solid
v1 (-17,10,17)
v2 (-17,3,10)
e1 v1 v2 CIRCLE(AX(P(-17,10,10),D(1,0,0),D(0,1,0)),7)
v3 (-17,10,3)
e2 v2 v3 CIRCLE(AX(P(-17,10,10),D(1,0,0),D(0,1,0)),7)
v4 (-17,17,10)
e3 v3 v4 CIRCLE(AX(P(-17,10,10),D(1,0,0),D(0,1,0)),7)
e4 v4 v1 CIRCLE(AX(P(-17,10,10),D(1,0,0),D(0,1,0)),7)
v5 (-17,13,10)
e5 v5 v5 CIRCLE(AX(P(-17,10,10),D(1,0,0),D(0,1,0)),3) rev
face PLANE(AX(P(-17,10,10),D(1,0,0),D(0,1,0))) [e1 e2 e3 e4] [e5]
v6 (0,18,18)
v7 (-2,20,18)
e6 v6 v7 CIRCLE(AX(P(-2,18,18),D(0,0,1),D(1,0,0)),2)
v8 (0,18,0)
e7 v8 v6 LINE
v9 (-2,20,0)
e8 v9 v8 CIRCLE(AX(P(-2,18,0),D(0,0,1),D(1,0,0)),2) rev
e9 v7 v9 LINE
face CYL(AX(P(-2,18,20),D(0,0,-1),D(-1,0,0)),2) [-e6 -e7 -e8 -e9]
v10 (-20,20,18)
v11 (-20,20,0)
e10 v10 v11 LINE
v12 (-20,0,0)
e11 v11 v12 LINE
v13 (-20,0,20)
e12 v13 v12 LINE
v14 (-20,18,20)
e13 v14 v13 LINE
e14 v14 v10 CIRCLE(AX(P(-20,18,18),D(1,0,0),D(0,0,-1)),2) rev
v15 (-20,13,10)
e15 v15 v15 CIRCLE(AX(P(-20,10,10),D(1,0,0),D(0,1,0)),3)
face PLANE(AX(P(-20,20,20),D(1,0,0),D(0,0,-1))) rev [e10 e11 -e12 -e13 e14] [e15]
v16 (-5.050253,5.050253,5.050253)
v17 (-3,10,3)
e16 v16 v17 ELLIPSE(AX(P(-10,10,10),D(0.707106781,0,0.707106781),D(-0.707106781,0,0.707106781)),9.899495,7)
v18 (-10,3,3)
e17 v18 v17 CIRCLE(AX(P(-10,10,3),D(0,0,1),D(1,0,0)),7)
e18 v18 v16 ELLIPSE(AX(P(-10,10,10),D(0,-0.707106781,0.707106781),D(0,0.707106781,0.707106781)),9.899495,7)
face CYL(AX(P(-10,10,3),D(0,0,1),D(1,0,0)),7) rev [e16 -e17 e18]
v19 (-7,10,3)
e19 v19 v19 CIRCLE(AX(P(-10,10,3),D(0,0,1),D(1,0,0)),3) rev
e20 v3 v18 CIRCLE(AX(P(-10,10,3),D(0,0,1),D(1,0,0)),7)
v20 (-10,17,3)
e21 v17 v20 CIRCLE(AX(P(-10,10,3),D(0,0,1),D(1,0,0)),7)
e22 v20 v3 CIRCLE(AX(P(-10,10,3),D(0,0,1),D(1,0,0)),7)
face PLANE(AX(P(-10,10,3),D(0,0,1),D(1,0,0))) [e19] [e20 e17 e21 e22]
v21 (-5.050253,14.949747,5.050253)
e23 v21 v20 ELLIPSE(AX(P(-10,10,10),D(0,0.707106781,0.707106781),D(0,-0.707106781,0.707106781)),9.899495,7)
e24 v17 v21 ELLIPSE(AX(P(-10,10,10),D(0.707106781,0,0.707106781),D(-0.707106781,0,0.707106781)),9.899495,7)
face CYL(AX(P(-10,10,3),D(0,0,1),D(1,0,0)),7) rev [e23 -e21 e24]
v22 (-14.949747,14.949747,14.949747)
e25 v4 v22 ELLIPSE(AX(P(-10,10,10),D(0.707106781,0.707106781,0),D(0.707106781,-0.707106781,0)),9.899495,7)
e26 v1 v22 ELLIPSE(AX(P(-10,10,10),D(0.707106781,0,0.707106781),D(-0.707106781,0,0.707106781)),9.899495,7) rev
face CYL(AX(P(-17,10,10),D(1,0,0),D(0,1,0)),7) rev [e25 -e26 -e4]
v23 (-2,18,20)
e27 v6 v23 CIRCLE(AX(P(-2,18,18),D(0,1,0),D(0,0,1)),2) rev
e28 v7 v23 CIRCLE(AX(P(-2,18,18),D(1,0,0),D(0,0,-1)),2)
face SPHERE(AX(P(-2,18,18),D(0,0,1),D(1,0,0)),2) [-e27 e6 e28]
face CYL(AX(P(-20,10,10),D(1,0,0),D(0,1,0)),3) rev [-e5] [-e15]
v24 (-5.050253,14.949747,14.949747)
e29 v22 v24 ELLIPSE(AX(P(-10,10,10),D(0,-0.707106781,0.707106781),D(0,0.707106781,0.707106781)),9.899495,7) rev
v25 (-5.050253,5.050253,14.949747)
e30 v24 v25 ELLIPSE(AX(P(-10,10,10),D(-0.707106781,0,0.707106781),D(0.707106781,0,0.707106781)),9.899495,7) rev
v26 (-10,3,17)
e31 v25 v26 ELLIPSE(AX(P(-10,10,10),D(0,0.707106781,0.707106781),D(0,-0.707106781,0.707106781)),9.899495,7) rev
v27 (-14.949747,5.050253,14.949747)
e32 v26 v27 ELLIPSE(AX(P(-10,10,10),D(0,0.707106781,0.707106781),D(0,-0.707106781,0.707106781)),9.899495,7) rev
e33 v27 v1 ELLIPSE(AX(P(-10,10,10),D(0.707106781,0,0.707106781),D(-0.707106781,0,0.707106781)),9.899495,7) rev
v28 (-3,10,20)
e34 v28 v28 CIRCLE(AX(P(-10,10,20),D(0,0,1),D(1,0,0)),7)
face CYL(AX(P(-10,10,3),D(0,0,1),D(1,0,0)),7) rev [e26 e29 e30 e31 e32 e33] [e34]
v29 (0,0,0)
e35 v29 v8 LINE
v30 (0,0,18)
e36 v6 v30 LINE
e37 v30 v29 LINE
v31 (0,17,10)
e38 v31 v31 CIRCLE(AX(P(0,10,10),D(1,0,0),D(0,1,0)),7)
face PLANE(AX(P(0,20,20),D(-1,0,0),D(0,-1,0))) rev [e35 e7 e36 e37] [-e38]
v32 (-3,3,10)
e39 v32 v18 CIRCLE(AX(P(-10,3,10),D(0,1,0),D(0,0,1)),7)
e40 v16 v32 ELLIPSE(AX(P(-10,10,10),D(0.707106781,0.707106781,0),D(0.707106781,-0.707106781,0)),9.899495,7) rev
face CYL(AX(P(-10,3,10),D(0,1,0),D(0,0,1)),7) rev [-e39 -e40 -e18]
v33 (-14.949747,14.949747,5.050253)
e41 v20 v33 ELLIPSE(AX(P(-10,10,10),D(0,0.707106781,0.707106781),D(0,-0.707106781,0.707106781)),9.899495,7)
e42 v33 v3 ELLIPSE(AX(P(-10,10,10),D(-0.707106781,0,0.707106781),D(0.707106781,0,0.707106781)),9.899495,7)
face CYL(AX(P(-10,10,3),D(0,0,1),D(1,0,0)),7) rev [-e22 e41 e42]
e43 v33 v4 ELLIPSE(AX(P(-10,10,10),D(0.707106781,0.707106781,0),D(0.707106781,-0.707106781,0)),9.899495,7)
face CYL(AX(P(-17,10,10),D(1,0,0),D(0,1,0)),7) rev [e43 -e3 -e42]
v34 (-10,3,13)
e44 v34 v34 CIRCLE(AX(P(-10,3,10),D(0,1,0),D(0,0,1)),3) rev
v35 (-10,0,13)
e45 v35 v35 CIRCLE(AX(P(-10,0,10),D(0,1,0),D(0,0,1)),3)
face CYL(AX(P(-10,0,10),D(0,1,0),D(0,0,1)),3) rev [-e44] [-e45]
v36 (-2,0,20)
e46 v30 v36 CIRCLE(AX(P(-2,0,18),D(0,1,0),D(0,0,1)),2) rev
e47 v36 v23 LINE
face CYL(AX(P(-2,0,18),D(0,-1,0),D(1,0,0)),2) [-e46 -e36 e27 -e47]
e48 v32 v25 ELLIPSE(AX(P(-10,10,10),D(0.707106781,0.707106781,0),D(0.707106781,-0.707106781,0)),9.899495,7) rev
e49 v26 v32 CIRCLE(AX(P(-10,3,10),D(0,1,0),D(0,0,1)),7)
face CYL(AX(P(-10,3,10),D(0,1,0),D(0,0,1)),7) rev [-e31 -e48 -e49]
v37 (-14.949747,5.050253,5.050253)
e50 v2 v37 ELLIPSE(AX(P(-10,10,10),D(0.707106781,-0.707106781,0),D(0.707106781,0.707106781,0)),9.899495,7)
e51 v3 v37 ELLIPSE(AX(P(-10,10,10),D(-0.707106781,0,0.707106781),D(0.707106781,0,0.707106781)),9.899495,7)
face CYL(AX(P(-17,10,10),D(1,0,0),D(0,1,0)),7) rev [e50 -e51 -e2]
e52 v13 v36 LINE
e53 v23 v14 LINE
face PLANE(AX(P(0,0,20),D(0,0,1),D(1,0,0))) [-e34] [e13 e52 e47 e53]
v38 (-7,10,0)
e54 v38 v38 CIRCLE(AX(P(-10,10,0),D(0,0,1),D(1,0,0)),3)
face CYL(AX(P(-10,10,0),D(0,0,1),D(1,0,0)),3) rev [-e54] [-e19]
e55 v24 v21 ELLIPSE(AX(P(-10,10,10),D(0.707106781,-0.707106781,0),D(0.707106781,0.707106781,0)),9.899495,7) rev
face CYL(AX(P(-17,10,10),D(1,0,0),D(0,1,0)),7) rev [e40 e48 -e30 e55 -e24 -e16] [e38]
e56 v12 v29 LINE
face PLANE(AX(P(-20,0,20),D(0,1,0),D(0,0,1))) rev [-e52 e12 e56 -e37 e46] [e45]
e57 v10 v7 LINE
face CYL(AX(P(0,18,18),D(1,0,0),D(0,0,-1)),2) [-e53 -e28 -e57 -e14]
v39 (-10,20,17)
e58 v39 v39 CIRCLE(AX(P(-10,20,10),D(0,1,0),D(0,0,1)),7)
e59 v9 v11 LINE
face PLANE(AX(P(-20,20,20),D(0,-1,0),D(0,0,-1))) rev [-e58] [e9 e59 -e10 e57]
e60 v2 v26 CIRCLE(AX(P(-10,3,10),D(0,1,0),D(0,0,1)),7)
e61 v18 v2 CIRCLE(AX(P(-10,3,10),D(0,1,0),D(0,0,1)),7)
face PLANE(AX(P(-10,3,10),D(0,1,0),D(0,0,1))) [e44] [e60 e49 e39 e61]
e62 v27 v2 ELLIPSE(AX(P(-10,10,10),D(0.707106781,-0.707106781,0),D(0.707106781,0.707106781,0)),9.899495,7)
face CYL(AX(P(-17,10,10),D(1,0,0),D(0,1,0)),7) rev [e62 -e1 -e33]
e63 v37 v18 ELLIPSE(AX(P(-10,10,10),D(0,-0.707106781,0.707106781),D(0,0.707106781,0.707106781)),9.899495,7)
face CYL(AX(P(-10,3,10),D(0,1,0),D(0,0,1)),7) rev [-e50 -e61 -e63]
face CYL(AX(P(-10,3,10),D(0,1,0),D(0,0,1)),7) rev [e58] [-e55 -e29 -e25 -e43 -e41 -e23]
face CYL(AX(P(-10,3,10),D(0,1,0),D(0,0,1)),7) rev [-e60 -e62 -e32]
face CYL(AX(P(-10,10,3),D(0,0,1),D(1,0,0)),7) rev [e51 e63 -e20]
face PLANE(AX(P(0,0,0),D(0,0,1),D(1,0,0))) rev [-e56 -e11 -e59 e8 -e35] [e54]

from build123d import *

# Parameters (mm, degrees)
ESQUISSE1_W             = 20
ESQUISSE1_H             = 20
BOSS_EXTRU_1_DEPTH      = 20
CONG_1_R                = 2
ESQUISSE2_R             = 3
ENL_V_MAT_EXTRU_1_DEPTH = 21
ESQUISSE3_R             = 3
ENL_V_MAT_EXTRU_2_DEPTH = 21
ESQUISSE4_R             = 3
ENL_V_MAT_EXTRU_3_DEPTH = 21
ESQUISSE5_R             = 7
ENL_V_MAT_EXTRU_4_DEPTH = 17
ESQUISSE6_R             = 7
ENL_V_MAT_EXTRU_5_DEPTH = 17
ESQUISSE7_R             = 7
ENL_V_MAT_EXTRU_6_DEPTH = 17


with BuildPart() as part:
    # Esquisse1 → Boss.-Extru.1 (new body)
    with BuildSketch(Plane.XY):
        with Locations((-10, 10)):
            Rectangle(ESQUISSE1_W, ESQUISSE1_H)
    extrude(amount=BOSS_EXTRU_1_DEPTH)

    # Congé1
    cong_1_edges = [part.edges().sort_by_distance(p)[0] for p in [
        (0, 10, 20),
        (-10, 20, 20),
        (0, 20, 10),
    ]]
    fillet(cong_1_edges, radius=CONG_1_R)

    # Esquisse2 → Enlèv. mat.-Extru.1 (cut, through all)
    with BuildSketch(Plane.XY.offset(20)):
        with Locations((-10, 10)):
            Circle(ESQUISSE2_R)
    extrude(amount=-ENL_V_MAT_EXTRU_1_DEPTH, mode=Mode.SUBTRACT)

    # Esquisse3 → Enlèv. mat.-Extru.2 (cut, through all)
    with BuildSketch(Plane(origin=(0, 0, 0), x_dir=(0, 0, -1), z_dir=(1, 0, 0))):
        with Locations(Location((-10, 10, 0), (0, 0, 90))):  # turned: the seam where the file's is
            Circle(ESQUISSE3_R)
    extrude(amount=-ENL_V_MAT_EXTRU_2_DEPTH, mode=Mode.SUBTRACT)

    # Esquisse4 → Enlèv. mat.-Extru.3 (cut, through all)
    with BuildSketch(Plane(origin=(0, 20, 0), x_dir=(-1, 0, 0), z_dir=(0, 1, 0))):
        with Locations(Location((10, 10, 0), (0, 0, 90))):  # turned: the seam where the file's is
            Circle(ESQUISSE4_R)
    extrude(amount=-ENL_V_MAT_EXTRU_3_DEPTH, mode=Mode.SUBTRACT)

    # Esquisse5 → Enlèv. mat.-Extru.4 (cut)
    with BuildSketch(Plane.XY.offset(20)):
        with Locations((-10, 10)):
            Circle(ESQUISSE5_R)
    extrude(amount=-ENL_V_MAT_EXTRU_4_DEPTH, mode=Mode.SUBTRACT)

    # Esquisse6 → Enlèv. mat.-Extru.5 (cut)
    with BuildSketch(Plane(origin=(0, 0, 0), x_dir=(0, 0, -1), z_dir=(1, 0, 0))):
        with Locations(Location((-10, 10, 0), (0, 0, 90))):  # turned: the seam where the file's is
            Circle(ESQUISSE6_R)
    extrude(amount=-ENL_V_MAT_EXTRU_5_DEPTH, mode=Mode.SUBTRACT)

    # Esquisse7 → Enlèv. mat.-Extru.6 (cut)
    with BuildSketch(Plane(origin=(0, 20, 0), x_dir=(1, 0, 0), z_dir=(0, 1, 0))):
        with Locations(Location((-10, -10, 0), (0, 0, 270))):  # turned: the seam where the file's is
            Circle(ESQUISSE7_R)
    extrude(amount=-ENL_V_MAT_EXTRU_6_DEPTH, mode=Mode.SUBTRACT)


solid = part.part
